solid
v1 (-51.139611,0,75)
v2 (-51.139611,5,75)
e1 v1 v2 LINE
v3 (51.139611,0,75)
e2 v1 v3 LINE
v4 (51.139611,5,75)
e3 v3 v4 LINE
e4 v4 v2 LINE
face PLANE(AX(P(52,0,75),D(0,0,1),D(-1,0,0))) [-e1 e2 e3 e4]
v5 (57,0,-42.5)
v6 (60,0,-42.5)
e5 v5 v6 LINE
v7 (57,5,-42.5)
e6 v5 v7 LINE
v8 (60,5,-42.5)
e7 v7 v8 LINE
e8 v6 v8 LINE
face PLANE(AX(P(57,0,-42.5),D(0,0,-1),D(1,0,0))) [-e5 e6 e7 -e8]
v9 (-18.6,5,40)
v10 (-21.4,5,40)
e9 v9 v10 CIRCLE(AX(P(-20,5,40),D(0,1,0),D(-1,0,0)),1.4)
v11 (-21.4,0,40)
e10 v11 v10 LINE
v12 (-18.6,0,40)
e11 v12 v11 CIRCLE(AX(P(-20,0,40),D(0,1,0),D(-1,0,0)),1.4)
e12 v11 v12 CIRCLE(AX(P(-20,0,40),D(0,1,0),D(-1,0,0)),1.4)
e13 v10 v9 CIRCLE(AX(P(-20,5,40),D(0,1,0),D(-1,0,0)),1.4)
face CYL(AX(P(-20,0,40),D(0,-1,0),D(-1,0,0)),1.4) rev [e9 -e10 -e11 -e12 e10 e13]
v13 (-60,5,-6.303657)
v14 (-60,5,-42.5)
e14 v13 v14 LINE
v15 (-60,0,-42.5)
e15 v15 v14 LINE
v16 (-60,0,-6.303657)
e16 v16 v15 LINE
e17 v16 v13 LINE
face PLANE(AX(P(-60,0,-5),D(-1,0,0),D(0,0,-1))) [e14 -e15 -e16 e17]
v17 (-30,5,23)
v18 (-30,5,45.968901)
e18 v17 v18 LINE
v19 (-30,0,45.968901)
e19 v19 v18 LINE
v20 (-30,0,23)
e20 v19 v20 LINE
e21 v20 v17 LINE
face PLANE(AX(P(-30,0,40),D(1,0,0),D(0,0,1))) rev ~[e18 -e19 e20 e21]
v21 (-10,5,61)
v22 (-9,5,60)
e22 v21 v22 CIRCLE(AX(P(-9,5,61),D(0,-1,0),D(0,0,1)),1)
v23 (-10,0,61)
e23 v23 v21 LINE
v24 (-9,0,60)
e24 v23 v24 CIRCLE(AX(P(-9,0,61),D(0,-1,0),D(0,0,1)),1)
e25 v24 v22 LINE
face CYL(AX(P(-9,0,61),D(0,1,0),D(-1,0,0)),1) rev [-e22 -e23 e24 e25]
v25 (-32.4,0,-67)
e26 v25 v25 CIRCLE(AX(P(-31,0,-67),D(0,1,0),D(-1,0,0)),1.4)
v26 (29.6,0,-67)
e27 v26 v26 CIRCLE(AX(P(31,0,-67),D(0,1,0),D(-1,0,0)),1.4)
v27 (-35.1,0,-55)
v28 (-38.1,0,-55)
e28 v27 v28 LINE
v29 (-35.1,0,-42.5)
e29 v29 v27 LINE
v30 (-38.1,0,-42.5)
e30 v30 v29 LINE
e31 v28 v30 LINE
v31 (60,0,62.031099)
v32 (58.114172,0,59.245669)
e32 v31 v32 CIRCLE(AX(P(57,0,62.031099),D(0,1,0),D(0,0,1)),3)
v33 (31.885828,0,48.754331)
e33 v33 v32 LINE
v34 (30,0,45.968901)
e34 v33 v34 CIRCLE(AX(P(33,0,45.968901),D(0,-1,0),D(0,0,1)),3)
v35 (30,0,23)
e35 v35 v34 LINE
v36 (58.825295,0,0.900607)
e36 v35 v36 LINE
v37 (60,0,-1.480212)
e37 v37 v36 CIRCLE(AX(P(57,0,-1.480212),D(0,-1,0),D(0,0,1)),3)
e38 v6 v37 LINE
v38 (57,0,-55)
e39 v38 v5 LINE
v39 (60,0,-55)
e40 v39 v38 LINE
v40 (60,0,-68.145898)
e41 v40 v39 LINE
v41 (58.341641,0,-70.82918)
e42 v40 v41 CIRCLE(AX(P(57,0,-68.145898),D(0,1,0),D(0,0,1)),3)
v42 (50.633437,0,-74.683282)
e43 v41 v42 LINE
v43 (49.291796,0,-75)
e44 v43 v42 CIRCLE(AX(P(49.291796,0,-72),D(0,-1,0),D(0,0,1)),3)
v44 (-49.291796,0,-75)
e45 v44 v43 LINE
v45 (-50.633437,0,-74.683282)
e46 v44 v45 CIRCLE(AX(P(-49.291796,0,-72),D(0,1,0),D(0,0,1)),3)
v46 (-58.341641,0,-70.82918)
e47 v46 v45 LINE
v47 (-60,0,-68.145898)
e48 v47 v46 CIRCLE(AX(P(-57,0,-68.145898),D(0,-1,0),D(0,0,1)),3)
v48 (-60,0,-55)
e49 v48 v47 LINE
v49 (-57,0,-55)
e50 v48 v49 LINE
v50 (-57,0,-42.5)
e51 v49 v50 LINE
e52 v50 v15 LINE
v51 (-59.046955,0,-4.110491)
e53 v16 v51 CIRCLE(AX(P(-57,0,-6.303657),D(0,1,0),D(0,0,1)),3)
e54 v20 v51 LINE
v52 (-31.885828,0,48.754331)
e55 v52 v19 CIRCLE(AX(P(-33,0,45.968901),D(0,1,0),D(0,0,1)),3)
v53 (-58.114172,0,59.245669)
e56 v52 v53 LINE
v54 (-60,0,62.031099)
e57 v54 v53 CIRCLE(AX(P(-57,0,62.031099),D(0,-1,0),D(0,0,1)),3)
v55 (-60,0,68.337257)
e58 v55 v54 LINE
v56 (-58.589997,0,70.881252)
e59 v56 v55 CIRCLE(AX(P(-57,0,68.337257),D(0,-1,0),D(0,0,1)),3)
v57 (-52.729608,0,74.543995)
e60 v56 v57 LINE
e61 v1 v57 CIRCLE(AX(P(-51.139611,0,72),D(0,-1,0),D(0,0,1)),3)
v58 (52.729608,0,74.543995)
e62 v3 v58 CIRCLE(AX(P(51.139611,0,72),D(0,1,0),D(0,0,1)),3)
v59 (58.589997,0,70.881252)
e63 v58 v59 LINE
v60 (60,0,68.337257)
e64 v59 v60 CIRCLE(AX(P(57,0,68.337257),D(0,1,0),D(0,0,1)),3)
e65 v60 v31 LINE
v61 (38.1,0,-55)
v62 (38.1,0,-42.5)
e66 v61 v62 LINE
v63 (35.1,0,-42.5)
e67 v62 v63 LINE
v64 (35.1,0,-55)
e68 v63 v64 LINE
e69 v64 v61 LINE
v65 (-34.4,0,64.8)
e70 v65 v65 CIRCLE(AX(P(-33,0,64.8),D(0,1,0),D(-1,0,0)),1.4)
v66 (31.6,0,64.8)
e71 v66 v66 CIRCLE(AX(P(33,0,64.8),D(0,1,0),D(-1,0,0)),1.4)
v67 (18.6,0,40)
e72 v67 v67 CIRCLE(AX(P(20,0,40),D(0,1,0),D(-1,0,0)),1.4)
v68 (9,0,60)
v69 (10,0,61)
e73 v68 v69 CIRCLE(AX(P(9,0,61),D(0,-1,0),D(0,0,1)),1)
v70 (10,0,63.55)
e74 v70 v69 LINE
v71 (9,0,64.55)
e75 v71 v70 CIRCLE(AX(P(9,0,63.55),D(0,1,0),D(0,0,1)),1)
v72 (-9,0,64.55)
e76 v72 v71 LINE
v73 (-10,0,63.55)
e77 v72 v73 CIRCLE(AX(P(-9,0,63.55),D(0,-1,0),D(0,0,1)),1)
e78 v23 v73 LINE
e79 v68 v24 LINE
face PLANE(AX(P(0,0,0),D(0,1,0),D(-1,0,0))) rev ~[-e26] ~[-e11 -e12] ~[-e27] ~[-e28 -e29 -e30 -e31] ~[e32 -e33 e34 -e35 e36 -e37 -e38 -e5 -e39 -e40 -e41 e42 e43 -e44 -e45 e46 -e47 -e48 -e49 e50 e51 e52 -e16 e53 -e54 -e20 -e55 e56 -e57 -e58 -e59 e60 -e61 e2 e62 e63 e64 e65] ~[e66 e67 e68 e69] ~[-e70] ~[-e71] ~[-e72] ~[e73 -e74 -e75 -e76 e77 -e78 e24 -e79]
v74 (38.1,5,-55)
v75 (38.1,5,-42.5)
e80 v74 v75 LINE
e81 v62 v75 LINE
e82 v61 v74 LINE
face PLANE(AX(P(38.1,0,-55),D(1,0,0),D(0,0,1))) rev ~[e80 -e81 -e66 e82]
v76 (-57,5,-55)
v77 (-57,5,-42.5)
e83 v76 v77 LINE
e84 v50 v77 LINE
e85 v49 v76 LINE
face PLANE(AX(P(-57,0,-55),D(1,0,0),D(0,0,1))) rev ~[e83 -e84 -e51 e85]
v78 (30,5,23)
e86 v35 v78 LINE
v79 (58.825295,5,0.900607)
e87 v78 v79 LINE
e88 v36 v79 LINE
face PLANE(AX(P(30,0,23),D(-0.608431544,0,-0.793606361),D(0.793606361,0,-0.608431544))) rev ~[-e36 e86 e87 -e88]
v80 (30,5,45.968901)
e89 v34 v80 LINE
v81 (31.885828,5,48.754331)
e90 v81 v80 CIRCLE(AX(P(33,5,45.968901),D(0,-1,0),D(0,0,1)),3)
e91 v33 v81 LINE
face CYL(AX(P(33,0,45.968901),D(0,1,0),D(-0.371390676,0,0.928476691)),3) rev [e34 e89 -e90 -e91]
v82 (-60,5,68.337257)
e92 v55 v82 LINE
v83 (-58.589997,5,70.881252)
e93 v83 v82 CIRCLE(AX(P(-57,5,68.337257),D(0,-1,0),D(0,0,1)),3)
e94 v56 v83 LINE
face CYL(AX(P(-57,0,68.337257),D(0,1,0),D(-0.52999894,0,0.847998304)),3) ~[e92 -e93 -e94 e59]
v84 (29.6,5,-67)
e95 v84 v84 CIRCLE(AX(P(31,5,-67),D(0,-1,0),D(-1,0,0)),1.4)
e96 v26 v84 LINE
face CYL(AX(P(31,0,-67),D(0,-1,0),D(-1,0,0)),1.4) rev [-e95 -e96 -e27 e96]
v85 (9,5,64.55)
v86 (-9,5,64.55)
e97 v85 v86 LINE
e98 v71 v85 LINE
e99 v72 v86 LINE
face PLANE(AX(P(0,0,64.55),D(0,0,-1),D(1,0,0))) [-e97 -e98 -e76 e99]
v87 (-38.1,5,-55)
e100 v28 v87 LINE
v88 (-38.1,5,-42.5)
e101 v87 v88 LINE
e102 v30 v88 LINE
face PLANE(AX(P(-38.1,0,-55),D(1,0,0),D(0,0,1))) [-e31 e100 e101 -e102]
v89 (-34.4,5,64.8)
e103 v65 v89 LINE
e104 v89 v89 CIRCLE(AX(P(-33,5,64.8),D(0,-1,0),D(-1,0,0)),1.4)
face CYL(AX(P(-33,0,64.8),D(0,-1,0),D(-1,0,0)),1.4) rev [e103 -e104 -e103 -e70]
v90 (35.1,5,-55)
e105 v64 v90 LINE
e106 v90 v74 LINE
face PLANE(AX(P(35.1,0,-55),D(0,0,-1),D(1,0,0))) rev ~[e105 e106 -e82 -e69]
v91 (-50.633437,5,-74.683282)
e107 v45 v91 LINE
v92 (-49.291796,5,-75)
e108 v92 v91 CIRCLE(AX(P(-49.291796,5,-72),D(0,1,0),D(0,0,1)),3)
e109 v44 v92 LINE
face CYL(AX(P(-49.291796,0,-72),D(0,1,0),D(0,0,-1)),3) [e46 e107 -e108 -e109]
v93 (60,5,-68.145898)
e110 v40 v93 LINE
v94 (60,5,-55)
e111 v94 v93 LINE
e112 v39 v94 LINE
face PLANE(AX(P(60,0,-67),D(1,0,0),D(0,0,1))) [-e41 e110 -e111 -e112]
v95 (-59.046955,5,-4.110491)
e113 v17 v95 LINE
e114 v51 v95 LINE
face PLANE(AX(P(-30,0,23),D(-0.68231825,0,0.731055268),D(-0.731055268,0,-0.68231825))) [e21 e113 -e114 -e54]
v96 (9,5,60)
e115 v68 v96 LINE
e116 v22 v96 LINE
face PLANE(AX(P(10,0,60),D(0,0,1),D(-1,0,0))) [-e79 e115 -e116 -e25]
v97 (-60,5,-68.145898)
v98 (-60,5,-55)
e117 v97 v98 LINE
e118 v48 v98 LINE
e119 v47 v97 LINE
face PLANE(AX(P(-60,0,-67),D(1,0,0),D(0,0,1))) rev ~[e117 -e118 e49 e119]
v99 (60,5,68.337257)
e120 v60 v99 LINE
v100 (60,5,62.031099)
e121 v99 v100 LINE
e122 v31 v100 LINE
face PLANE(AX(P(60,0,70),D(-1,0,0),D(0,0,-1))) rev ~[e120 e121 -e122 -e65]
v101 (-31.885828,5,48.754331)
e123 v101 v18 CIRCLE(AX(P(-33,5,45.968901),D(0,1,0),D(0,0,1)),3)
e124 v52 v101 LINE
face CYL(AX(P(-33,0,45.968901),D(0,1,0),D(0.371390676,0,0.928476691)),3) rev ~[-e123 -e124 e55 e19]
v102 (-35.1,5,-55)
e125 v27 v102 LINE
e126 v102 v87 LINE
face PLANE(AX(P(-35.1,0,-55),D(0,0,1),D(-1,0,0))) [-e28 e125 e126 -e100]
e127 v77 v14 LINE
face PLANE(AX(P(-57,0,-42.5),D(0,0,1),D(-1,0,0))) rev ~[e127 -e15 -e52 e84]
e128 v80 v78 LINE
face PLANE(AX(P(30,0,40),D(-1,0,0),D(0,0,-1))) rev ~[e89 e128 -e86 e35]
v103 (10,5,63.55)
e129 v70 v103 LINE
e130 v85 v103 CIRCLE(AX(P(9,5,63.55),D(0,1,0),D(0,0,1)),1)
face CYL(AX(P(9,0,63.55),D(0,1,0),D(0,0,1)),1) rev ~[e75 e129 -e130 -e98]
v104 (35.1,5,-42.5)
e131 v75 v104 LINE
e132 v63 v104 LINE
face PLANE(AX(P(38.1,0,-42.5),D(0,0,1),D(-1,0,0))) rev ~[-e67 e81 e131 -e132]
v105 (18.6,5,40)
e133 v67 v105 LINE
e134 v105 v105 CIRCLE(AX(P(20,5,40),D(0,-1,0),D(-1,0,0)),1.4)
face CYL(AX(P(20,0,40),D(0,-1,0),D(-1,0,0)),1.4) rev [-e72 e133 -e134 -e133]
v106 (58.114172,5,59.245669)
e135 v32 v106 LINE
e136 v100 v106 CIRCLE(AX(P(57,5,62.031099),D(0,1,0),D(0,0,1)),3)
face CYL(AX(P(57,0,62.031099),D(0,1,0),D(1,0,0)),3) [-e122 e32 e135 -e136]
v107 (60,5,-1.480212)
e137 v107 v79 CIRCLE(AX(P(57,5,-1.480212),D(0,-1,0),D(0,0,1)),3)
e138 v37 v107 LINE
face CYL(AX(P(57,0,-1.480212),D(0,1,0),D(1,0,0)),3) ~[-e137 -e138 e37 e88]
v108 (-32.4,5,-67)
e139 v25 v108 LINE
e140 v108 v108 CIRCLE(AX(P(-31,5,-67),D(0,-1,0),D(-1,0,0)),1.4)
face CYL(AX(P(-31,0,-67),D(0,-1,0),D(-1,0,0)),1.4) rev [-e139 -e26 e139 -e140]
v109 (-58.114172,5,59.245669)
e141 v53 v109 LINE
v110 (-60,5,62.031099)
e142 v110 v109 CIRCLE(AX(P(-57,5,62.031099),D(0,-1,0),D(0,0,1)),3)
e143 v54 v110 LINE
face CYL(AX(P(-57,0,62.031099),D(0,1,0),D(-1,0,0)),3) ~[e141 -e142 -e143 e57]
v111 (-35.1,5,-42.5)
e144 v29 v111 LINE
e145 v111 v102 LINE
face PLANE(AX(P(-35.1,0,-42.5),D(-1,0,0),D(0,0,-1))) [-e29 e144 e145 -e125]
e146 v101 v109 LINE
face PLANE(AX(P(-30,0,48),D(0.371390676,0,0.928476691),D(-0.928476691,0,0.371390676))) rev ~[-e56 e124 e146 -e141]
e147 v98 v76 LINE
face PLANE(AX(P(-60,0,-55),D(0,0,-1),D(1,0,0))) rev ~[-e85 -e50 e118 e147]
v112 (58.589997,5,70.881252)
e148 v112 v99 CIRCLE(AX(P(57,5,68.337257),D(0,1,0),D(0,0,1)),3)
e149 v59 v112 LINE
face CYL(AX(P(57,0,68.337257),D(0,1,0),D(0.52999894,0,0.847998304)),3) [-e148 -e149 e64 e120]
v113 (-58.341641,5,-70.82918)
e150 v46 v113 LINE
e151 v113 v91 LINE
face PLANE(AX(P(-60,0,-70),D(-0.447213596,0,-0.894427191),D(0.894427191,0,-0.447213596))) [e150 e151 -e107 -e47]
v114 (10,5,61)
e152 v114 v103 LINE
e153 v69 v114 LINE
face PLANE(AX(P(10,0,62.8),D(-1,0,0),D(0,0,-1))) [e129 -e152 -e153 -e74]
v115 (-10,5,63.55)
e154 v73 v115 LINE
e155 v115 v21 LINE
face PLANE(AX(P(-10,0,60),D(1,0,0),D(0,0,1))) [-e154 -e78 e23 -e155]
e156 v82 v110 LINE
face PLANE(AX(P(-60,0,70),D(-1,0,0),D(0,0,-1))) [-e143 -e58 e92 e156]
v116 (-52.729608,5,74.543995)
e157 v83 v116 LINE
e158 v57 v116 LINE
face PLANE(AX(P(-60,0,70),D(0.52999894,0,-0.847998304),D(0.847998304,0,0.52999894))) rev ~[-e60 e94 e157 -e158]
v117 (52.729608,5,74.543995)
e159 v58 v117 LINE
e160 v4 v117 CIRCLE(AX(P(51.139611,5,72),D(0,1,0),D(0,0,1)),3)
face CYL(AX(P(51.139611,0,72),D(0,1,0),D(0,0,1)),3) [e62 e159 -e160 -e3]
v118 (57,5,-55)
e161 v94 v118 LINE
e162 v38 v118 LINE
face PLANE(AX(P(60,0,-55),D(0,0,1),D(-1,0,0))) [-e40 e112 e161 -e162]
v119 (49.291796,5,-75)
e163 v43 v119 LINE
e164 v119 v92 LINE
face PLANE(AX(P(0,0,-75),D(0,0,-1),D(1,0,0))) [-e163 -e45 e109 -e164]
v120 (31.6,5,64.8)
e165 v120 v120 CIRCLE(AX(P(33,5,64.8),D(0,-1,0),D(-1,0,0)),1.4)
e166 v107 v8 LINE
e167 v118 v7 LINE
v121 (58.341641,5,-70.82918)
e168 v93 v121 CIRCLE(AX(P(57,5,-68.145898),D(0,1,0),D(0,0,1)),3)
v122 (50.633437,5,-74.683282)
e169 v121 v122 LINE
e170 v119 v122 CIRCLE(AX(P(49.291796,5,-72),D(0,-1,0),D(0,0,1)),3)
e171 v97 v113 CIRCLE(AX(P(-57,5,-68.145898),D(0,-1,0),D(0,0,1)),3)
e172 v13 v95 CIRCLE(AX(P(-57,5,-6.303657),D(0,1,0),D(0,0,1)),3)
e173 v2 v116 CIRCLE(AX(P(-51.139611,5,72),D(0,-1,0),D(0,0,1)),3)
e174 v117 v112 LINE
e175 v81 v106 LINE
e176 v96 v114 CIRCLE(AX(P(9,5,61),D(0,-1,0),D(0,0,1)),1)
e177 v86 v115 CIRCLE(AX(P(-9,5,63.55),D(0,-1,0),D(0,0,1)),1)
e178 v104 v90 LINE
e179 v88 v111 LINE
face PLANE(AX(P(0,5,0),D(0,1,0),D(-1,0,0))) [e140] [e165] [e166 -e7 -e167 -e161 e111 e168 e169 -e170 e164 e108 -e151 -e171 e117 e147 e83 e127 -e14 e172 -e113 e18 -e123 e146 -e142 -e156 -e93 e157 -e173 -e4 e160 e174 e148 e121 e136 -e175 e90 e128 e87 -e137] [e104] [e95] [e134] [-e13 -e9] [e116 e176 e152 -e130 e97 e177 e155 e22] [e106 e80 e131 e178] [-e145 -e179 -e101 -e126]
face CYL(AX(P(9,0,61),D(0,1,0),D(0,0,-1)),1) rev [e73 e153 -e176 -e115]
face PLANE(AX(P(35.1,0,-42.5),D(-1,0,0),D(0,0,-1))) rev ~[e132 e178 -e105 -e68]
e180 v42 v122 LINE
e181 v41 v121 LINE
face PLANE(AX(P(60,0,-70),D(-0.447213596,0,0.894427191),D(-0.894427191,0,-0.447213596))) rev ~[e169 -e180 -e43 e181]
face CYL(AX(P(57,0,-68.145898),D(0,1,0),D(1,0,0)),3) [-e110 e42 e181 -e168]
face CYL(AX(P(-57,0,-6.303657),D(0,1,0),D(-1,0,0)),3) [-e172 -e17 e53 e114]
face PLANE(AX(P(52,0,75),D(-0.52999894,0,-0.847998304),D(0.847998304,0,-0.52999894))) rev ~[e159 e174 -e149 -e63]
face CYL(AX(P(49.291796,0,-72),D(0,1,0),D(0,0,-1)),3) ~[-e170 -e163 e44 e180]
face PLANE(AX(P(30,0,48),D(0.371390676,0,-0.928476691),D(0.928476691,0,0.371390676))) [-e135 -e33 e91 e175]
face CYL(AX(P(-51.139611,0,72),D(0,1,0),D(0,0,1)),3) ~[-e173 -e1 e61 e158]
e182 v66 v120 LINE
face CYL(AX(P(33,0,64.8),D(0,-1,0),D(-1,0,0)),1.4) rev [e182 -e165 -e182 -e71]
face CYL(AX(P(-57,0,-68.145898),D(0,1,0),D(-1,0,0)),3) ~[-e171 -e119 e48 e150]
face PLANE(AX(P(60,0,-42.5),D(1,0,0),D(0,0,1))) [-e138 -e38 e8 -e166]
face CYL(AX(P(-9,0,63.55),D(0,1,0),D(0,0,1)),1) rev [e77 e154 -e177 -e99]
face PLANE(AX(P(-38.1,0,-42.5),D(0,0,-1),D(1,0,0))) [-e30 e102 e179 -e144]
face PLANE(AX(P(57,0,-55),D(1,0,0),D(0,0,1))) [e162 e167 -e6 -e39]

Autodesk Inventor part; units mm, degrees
ref_plane "YZ Plane" through (0, 0, 0) normal (1, 0, 0) x (0, 1, 0)
ref_plane "XZ Plane" through (0, 0, 0) normal (0, 1, 0) x (-1, 0, 0)
ref_plane "XY Plane" through (0, 0, 0) normal (0, 0, 1) x (1, 0, 0)
sketch "Sketch1" plane through (0, 0, 0) normal (0, 1, 0) x (-1, 0, 0)
  line L0 (-60, 75) -> (60, 75)
  line L1 (60, -75) -> (-60, -75)
  line L2 (-60, 75) -> (60, -75) construction
  line L3 (60, 75) -> (-60, -75) construction
  line L4 (-60, -75) -> (-60, -55)
  line L5 (-60, -55) -> (-57, -55)
  line L6 (-60, -55) -> (-57, -55)
  line L7 (-57, -55) -> (-57, -42.5)
  line L8 (-57, -42.5) -> (-60, -42.5)
  line L9 (-60, -42.5) -> (-60, -55)
  line L10 (-57, -42.5) -> (-38.1, -42.5)
  line L11 (-38.1, -42.5) -> (-35.1, -42.5)
  line L12 (-35.1, -42.5) -> (-35.1, -55)
  line L13 (-35.1, -55) -> (-38.1, -55)
  line L14 (-38.1, -55) -> (-38.1, -42.5)
  line L15 (0, 75) -> (0, 64.8)
  line L16 (0, 64.8) -> (-33, 64.8)
  line L17 (-33, 64.8) -> (33, 64.8)
  circle A0 centre (-33, 64.8) radius 1.4
  circle A1 centre (33, 64.8) radius 1.4
  line L18 (0, 75) -> (0, 40)
  line L19 (0, 40) -> (-20, 40)
  line L20 (-20, 40) -> (20, 40)
  circle A2 centre (20, 40) radius 1.4
  circle A3 centre (-20, 40) radius 1.4
  line L21 (-60, -75) -> (-60, -5)
  line L22 (-4, -5) -> (4, -5)
  line L23 (-60, 75) -> (-60, 60)
  line L24 (-60, 60) -> (60, 60)
  line L25 (-20, 40) -> (-21.4, 40)
  line L26 (20, 40) -> (21.4, 40)
  line L27 (-30, 40) -> (-30, 10)
  line L28 (-30, 10) -> (-60, 0)
  line L29 (30, 40) -> (30, 10)
  line L30 (30, 10) -> (60, -5)
  line L31 (-30, 40) -> (-30, 48)
  line L32 (-30, 48) -> (-60, 60)
  line L33 (30, 40) -> (30, 48)
  line L34 (30, 48) -> (60, 60)
  line L35 (0, 75) -> (0, -75)
  line L36 (0, -75) -> (-60, -75)
  line L37 (0, 75) -> (-60, 75)
  line L38 (60, -70) -> (60, -55)
  line L39 (60, -55) -> (57, -55)
  line L40 (57, -55) -> (57, -42.5)
  line L41 (57, -42.5) -> (60, -42.5)
  line L42 (60, -42.5) -> (60, -55)
  line L43 (57, -42.5) -> (38.1, -42.5)
  line L44 (38.1, -42.5) -> (35.1, -42.5)
  line L45 (35.1, -42.5) -> (35.1, -55)
  line L46 (35.1, -55) -> (38.1, -55)
  line L47 (38.1, -55) -> (38.1, -42.5)
  line L48 (60, 75) -> (52, 75)
  line L49 (52, 75) -> (52, 70)
  line L50 (52, 70) -> (60, 70)
  line L51 (60, 70) -> (60, 75)
  line L52 (-60, 75) -> (-52, 75)
  line L53 (-52, 75) -> (-52, 70)
  line L54 (-52, 70) -> (-60, 70)
  line L55 (-60, 70) -> (-60, 75)
  line L56 (60, 70) -> (52, 75)
  line L57 (-52, 75) -> (-60, 70)
  line L58 (60, 75) -> (60, 60)
  line L59 (60, -5) -> (60, -70)
  line L60 (-60, -75) -> (-60, 0)
  line L61 (-60, 60) -> (-60, 75)
  line L62 (57, -75) -> (50, -75)
  line L63 (50, -75) -> (50, -70)
  line L64 (50, -70) -> (60, -70)
  line L65 (60, -70) -> (60, -75)
  line L66 (-60, -75) -> (-50, -75)
  line L67 (-50, -75) -> (-50, -70)
  line L68 (-50, -70) -> (-60, -70)
  line L69 (-60, -70) -> (-60, -75)
  line L70 (-60, -70) -> (-50, -75)
  line L71 (60, -70) -> (50, -75)
  line L72 (33, 64.8) -> (33, 62.8)
  line L73 (33, 62.8) -> (-33, 62.8)
  line L74 (-33, 62.8) -> (-33, 64.8)
  line L75 (0, 62.8) -> (10, 62.8)
  line L76 (10, 62.8) -> (-10, 62.8)
  line L77 (-10, 61.05) -> (10, 61.05)
  line L78 (10, 61.05) -> (10, 64.55)
  line L79 (10, 64.55) -> (-10, 64.55)
  line L80 (-10, 64.55) -> (-10, 61.05)
  line L81 (-10, 61.05) -> (10, 64.55) construction
  line L82 (10, 61.05) -> (-10, 64.55) construction
  line L83 (10, 61.05) -> (-10, 61.05)
  line L84 (-10, 61.05) -> (-10, 60)
  line L85 (-10, 60) -> (10, 60)
  line L86 (10, 60) -> (10, 61.05)
  line L87 (30, 48) -> (30, 23)
  line L88 (30, 23) -> (60, -5)
  line L89 (-30, 48) -> (-30, 23)
  line L90 (-30, 23) -> (-60, 0)
  line L91 (60, -75) -> (31, -75)
  line L92 (31, -75) -> (31, -67)
  line L93 (31, -67) -> (60, -67)
  line L94 (60, -67) -> (60, -75)
  line L95 (-60, -75) -> (-31, -75)
  line L96 (-31, -75) -> (-31, -67)
  line L97 (-31, -67) -> (-60, -67)
  line L98 (-60, -67) -> (-60, -75)
  circle A4 centre (-31, -67) radius 1.4
  circle A5 centre (31, -67) radius 1.4
  point P0 (0, 0)
  dimension "d16" = 2.8
  dimension "d17" = 2.8
  dimension "d0" = 120
  dimension "d1" = 150
  dimension "d2" = 20
  dimension "d3" = 3
  dimension "d4" = 3
  dimension "d5" = 12.5
  dimension "d6" = 18.9
  dimension "d7" = 3
  dimension "d8" = 10.2
  dimension "d9" = 33
  dimension "d10" = 66
  dimension "d11" = 2.8
  dimension "d12" = 2.8
  dimension "d13" = 35
  dimension "d14" = 20
  dimension "d15" = 40
  dimension "d18" = 70
  dimension "d19" = 15
  dimension "d20" = 10
  dimension "d21" = 10
  dimension "d22" = 30
  dimension "d23" = 30
  dimension "d24" = 8
  dimension "d25" = 8
  dimension "d26" = 20
  dimension "d27" = 3
  dimension "d28" = 12.5
  dimension "d29" = 18.9
  dimension "d30" = 3
  dimension "d31" = 8
  dimension "d32" = 5
  dimension "d33" = 8
  dimension "d34" = 5
  dimension "d35" = 10
  dimension "d36" = 5
  dimension "d37" = 10
  dimension "d38" = 5
  dimension "d42" = 2
  dimension "d43" = 10
  dimension "d44" = 20
  dimension "d45" = 3.5
  dimension "d47" = 25
  dimension "d48" = 25
  dimension "d49" = 29
  dimension "d50" = 8
  dimension "d51" = 29
  dimension "d52" = 8
  dimension "d53" = 2.8
  dimension "d54" = 2.8
extrude "Extrusion1" add sketch "Sketch1" along normal blind 5 contours L0 L15 L16 A0 L74 L73 L80 L84 L24 L23 L54 L53 | L53 L54 L57 | L0 L49 L50 L58 L24 L86 L78 L73 L72 A1 L17 L15 | L24 L18 L35 L1 L96 A4 L97 L4 L5 L7 L8 L21 L60 L28 L27 L31 L32 | L56 L50 L49 | L18 L79 L80 L73 L74 A0 L16 | L17 A1 L72 L73 L78 L79 L18 | L24 L34 L33 L29 L30 L59 L41 L40 L39 L38 L93 A5 L92 L1 L35 L18 | L27 L28 L90 | L88 L30 L29 | L92 A5 L93 L38 L64 L63 L1 | L1 L67 L68 L4 L97 A4 L96 | L63 L64 L71 | L70 L68 L67
fillet "Fillet1" radius 3 14 edges at (-52, 2.5, 75) (-60, 2.5, 70) (-60, 2.5, 60) (-30, 2.5, 48) (-60, 2.5, -5) (-50, 2.5, -75) (-60, 2.5, -70) (60, 2.5, -70) (50, 2.5, -75) (60, 2.5, 0) (30, 2.5, 48) (52, 2.5, 75) (60, 2.5, 70) (60, 2.5, 60)
fillet "Fillet2" radius 1 4 edges at (-10, 2.5, 64.55) (-10, 2.5, 60) (10, 2.5, 64.55) (10, 2.5, 60)
properties part number "KhungDuoi"
